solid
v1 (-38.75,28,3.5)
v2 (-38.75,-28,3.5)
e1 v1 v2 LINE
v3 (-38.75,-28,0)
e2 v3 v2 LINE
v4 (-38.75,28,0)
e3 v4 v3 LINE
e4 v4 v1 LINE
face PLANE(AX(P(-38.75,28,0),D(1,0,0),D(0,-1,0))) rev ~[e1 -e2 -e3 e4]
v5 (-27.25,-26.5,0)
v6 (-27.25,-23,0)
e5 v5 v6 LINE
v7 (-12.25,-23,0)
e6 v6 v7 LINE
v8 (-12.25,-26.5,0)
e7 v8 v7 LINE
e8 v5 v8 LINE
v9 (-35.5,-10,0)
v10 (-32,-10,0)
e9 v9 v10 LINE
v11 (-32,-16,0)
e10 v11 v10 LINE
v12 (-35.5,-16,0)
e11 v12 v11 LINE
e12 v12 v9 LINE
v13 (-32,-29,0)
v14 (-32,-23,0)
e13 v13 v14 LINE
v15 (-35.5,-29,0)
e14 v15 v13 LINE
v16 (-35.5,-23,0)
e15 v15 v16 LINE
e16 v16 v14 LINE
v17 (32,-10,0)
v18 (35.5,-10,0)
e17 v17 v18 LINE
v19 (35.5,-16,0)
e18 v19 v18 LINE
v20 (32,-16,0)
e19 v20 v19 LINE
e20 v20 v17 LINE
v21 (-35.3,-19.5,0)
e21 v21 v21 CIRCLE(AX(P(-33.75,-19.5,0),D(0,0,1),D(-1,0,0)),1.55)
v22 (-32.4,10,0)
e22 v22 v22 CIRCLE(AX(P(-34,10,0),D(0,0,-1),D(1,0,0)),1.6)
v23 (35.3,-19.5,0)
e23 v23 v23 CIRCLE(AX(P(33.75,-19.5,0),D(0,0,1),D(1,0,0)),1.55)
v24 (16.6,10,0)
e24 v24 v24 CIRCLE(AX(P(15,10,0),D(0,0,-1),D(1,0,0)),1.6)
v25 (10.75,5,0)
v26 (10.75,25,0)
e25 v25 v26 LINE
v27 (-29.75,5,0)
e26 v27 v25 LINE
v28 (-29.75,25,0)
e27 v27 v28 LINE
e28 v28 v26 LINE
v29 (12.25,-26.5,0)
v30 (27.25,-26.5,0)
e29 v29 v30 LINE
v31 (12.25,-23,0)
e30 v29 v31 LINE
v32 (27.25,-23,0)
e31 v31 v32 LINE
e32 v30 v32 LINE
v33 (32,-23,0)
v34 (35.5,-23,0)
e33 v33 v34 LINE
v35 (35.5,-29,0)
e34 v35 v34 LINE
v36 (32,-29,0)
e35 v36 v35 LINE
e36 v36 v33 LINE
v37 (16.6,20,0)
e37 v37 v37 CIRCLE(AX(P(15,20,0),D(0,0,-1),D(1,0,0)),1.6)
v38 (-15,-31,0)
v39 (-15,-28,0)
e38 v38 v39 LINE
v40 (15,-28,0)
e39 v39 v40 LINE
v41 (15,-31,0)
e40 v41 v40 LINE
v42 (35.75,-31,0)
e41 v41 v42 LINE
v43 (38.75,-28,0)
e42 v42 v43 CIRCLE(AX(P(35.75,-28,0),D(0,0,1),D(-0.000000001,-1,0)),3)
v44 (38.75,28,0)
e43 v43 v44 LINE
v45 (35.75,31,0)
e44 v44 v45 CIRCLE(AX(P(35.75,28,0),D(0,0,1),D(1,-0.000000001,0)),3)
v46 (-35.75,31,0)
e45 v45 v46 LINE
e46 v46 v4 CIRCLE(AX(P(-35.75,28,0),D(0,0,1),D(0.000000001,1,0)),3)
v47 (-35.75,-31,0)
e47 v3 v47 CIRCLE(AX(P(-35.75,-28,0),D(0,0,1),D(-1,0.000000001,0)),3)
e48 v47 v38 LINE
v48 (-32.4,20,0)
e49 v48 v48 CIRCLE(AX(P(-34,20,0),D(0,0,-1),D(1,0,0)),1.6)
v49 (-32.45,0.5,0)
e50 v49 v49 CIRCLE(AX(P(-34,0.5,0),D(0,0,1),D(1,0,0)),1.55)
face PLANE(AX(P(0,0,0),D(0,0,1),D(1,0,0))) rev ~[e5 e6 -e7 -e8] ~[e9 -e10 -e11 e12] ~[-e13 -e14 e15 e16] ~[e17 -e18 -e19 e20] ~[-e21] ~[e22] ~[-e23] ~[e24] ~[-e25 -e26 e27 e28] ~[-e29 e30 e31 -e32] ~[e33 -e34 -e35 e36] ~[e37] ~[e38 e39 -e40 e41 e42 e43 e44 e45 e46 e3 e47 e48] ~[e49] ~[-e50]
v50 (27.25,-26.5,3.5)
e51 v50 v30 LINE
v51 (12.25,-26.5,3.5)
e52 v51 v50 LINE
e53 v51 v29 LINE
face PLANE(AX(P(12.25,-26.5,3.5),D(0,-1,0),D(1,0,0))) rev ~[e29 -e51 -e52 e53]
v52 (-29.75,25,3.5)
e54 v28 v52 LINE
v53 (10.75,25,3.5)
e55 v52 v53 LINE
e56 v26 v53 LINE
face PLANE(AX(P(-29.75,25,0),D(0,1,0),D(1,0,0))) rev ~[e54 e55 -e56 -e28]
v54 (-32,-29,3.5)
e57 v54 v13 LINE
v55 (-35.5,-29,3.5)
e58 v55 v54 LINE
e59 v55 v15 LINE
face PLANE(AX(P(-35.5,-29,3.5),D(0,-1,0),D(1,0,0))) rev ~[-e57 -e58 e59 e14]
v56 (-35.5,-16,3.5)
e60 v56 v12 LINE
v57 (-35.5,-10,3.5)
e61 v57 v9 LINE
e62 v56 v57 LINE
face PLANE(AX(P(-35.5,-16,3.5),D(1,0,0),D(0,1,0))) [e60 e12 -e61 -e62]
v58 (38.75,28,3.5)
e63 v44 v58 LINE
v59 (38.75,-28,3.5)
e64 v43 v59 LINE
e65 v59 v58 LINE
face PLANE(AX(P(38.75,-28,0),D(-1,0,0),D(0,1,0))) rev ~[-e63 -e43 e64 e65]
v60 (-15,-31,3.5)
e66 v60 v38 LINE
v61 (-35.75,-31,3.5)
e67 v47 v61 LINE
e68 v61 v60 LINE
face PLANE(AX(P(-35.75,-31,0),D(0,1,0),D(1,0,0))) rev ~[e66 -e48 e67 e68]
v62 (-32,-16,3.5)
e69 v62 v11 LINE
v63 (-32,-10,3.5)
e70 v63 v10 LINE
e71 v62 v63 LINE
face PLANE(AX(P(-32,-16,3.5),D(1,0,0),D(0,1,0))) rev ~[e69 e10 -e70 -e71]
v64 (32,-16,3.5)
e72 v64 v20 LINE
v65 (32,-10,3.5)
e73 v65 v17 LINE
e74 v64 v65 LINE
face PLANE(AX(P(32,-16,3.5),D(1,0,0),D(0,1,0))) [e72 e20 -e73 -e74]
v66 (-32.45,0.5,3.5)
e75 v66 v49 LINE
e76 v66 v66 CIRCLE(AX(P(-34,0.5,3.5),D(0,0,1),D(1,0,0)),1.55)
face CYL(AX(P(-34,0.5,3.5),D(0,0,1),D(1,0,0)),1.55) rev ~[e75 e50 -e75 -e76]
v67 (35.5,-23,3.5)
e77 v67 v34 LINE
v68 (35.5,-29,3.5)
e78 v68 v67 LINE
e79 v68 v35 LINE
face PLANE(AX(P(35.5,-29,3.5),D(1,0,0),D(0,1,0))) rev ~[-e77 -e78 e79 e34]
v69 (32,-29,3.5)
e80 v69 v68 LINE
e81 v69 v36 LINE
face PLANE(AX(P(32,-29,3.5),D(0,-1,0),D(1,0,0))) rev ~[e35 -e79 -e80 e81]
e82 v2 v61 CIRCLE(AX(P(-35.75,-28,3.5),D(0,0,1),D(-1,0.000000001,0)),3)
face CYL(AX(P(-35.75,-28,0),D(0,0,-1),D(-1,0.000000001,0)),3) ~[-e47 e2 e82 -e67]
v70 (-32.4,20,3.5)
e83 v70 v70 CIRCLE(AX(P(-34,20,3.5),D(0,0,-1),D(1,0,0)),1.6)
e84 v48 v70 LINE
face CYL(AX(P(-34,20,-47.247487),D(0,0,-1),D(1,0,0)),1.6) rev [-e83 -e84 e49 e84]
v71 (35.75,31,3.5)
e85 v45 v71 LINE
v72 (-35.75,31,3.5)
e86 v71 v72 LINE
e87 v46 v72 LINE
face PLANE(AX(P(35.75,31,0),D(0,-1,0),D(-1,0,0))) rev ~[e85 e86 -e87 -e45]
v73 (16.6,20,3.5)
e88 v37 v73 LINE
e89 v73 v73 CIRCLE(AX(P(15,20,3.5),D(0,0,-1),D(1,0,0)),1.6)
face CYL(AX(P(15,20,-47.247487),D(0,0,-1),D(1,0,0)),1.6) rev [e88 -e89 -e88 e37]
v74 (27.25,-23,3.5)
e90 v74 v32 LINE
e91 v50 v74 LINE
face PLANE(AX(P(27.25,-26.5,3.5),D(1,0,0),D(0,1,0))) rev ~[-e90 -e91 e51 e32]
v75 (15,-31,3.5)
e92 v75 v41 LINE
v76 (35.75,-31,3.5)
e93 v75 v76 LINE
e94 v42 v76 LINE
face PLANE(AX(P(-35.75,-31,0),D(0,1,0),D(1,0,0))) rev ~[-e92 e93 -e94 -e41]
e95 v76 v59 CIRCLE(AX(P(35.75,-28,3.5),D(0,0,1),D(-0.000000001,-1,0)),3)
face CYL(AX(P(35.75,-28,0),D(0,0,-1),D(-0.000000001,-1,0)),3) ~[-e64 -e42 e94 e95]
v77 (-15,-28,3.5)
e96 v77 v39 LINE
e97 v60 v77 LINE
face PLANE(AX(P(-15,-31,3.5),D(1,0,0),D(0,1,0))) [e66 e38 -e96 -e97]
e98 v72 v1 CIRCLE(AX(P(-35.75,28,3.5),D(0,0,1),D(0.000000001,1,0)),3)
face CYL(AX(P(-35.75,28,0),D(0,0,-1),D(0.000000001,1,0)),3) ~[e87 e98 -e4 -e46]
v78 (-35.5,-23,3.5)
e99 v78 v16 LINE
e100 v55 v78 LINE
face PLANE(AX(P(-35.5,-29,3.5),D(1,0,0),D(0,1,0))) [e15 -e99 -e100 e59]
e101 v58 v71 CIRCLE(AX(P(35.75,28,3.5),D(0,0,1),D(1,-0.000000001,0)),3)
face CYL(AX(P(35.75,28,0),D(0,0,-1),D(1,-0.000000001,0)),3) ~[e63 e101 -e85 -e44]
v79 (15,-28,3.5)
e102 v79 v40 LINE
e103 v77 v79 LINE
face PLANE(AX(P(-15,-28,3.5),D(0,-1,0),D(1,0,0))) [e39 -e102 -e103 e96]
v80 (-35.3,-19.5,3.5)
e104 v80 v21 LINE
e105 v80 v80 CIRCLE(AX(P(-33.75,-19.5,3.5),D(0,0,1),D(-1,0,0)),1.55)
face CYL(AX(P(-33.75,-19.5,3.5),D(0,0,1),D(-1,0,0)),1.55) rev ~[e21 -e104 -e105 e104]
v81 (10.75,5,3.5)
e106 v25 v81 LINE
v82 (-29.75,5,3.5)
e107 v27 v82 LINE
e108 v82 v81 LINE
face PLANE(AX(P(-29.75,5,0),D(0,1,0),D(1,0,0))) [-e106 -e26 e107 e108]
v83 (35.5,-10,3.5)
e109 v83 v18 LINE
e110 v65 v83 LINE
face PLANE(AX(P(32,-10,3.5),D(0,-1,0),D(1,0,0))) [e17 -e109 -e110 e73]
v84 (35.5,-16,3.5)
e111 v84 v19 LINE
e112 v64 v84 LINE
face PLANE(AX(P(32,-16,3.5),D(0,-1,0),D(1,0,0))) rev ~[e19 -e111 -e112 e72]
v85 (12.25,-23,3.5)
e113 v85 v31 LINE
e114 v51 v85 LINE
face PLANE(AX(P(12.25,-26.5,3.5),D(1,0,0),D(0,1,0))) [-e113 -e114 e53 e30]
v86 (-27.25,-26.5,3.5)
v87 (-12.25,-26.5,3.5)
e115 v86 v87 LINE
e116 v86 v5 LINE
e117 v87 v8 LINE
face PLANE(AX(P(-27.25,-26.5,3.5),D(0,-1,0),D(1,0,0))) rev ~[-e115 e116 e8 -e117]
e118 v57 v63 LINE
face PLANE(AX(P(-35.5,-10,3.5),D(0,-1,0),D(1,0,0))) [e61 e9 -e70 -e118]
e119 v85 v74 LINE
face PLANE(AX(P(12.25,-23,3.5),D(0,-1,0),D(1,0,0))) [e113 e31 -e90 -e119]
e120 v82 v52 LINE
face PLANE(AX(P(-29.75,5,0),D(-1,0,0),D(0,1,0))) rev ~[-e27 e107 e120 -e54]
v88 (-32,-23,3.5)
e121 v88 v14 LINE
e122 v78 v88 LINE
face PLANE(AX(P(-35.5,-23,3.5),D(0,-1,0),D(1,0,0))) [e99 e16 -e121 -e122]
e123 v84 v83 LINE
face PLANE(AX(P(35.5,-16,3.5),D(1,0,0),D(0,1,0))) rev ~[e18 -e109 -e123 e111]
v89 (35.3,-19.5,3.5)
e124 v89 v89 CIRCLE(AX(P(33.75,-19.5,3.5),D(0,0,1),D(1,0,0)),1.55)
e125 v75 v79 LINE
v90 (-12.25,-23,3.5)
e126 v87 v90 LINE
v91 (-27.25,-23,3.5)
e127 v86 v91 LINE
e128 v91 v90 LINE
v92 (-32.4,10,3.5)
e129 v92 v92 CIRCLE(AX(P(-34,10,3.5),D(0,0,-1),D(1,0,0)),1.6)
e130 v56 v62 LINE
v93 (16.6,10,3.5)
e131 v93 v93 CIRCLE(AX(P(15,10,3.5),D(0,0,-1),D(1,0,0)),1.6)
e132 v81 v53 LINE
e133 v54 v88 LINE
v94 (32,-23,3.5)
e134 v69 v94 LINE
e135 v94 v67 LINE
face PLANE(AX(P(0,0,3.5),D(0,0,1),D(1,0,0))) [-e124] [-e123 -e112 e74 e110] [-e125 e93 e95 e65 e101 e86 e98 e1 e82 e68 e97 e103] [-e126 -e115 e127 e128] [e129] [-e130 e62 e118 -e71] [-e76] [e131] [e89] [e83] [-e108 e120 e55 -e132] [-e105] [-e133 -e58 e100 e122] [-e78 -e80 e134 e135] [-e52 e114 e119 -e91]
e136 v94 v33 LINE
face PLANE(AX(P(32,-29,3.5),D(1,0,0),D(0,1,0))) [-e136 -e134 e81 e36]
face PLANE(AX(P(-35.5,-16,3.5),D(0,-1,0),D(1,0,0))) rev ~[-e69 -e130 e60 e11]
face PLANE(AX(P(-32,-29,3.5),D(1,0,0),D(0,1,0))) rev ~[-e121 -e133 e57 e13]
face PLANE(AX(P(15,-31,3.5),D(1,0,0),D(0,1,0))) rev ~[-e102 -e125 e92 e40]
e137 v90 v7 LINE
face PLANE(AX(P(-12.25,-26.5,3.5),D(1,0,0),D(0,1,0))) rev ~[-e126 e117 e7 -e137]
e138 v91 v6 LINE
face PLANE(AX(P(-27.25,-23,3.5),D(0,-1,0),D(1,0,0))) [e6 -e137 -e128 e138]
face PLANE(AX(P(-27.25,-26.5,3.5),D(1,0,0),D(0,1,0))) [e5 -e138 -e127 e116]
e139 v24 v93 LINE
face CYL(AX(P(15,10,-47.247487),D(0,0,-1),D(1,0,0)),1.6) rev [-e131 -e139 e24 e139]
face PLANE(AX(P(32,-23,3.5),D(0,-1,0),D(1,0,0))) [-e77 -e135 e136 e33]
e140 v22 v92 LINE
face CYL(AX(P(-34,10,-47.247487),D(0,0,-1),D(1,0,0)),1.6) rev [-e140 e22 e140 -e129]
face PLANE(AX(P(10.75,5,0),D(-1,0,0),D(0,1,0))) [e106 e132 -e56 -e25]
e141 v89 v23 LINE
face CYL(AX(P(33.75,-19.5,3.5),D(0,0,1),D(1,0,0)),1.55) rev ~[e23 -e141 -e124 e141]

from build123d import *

# Parameters (mm, degrees)
SKETCH1_W               = 40.5
SKETCH1_H               = 20
BOSS_EXTRUDE1_DEPTH     = 3.5
SKETCH2_R               = 1.55
SKETCH2_W               = 3.5
SKETCH2_H               = 6
CUT_EXTRUDE1_DEPTH      = 50.747487374
SKETCH3_W               = 15
SKETCH3_H               = 3.5
CUT_EXTRUDE2_DEPTH      = 50.747487374
CUT_EXTRUDE3_DEPTH      = 50.747487374
CUT_EXTRUDE3_DEPTH_BACK = 50.747487374
SKETCH4_R               = 1.6
CUT_EXTRUDE4_REACH      = 51.747
SKETCH5_R               = 1.55
SKETCH6_W               = 30
SKETCH6_H               = 3
CUT_EXTRUDE5_DEPTH      = 10


with BuildPart() as part:
    # Sketch1 → Boss-Extrude1 (new body)
    with BuildSketch(Plane.XY):
        with BuildLine():
            Line((-35.75, -31), (35.75, -31))
            ThreePointArc((35.75, -31), (37.871320344, -30.121320344), (38.75, -28))
            Line((38.75, -28), (38.75, 28))
            ThreePointArc((38.75, 28), (37.871320344, 30.121320344), (35.75, 31))
            Line((35.75, 31), (-35.75, 31))
            ThreePointArc((-35.75, 31), (-37.871320344, 30.121320344), (-38.75, 28))
            Line((-38.75, 28), (-38.75, -28))
            ThreePointArc((-38.75, -28), (-37.871320344, -30.121320344), (-35.75, -31))
        make_face()
        with Locations((-9.5, 15)):
            Rectangle(SKETCH1_W, SKETCH1_H, mode=Mode.SUBTRACT)
    extrude(amount=BOSS_EXTRUDE1_DEPTH)

    # Sketch2 → Cut-Extrude1 (cut, through all)
    with BuildSketch(Plane.XY.offset(3.5)):
        with Locations((33.75, -19.5)):
            Circle(SKETCH2_R)
        with Locations(Location((-33.75, -19.5, 0), (0, 0, 180))):
            Circle(SKETCH2_R)
        with Locations((33.75, -13)):
            Rectangle(SKETCH2_W, SKETCH2_H)
        with Locations((33.75, -26)):
            Rectangle(SKETCH2_W, SKETCH2_H)
        with Locations((-33.75, -26)):
            Rectangle(SKETCH2_W, SKETCH2_H)
        with Locations((-33.75, -13)):
            Rectangle(SKETCH2_W, SKETCH2_H)
    extrude(amount=-CUT_EXTRUDE1_DEPTH, mode=Mode.SUBTRACT)

    # Sketch3 → Cut-Extrude2 (cut, through all)
    with BuildSketch(Plane.XY.offset(3.5)):
        with Locations((-19.75, -24.75)):
            Rectangle(SKETCH3_W, SKETCH3_H)
        with Locations((19.75, -24.75)):
            Rectangle(SKETCH3_W, SKETCH3_H)
    extrude(amount=-CUT_EXTRUDE2_DEPTH, mode=Mode.SUBTRACT)

    # Sketch4 → Cut-Extrude3 (cut, two sides: drawn at the far end of the back side and taken through both)
    with BuildSketch(Plane.XY.offset(3.5).offset(-CUT_EXTRUDE3_DEPTH_BACK)):
        with Locations((15, 20)):
            Circle(SKETCH4_R)
        with Locations((15, 10)):
            Circle(SKETCH4_R)
        with Locations((-34, 10)):
            Circle(SKETCH4_R)
        with Locations((-34, 20)):
            Circle(SKETCH4_R)
    extrude(amount=CUT_EXTRUDE3_DEPTH + CUT_EXTRUDE3_DEPTH_BACK, mode=Mode.SUBTRACT)

    # Sketch5 → Cut-Extrude4 (cut, up to next)
    with BuildSketch(Plane.XY.offset(3.5), mode=Mode.PRIVATE) as cut_extrude4_sk1:
        with Locations((-34, 0.5)):
            Circle(SKETCH5_R)
    cut_extrude4_tool1 = extrude(cut_extrude4_sk1.sketch, amount=-CUT_EXTRUDE4_REACH, mode=Mode.PRIVATE) & part.part
    add(cut_extrude4_tool1.solids().sort_by_distance((-34, 0.5, 3.5))[0], mode=Mode.SUBTRACT)

    # Sketch6 → Cut-Extrude5 (cut)
    with BuildSketch(Plane.XY.offset(3.5)):
        with Locations((0, -29.5)):
            Rectangle(SKETCH6_W, SKETCH6_H)
    extrude(amount=-CUT_EXTRUDE5_DEPTH, mode=Mode.SUBTRACT)


solid = part.part
